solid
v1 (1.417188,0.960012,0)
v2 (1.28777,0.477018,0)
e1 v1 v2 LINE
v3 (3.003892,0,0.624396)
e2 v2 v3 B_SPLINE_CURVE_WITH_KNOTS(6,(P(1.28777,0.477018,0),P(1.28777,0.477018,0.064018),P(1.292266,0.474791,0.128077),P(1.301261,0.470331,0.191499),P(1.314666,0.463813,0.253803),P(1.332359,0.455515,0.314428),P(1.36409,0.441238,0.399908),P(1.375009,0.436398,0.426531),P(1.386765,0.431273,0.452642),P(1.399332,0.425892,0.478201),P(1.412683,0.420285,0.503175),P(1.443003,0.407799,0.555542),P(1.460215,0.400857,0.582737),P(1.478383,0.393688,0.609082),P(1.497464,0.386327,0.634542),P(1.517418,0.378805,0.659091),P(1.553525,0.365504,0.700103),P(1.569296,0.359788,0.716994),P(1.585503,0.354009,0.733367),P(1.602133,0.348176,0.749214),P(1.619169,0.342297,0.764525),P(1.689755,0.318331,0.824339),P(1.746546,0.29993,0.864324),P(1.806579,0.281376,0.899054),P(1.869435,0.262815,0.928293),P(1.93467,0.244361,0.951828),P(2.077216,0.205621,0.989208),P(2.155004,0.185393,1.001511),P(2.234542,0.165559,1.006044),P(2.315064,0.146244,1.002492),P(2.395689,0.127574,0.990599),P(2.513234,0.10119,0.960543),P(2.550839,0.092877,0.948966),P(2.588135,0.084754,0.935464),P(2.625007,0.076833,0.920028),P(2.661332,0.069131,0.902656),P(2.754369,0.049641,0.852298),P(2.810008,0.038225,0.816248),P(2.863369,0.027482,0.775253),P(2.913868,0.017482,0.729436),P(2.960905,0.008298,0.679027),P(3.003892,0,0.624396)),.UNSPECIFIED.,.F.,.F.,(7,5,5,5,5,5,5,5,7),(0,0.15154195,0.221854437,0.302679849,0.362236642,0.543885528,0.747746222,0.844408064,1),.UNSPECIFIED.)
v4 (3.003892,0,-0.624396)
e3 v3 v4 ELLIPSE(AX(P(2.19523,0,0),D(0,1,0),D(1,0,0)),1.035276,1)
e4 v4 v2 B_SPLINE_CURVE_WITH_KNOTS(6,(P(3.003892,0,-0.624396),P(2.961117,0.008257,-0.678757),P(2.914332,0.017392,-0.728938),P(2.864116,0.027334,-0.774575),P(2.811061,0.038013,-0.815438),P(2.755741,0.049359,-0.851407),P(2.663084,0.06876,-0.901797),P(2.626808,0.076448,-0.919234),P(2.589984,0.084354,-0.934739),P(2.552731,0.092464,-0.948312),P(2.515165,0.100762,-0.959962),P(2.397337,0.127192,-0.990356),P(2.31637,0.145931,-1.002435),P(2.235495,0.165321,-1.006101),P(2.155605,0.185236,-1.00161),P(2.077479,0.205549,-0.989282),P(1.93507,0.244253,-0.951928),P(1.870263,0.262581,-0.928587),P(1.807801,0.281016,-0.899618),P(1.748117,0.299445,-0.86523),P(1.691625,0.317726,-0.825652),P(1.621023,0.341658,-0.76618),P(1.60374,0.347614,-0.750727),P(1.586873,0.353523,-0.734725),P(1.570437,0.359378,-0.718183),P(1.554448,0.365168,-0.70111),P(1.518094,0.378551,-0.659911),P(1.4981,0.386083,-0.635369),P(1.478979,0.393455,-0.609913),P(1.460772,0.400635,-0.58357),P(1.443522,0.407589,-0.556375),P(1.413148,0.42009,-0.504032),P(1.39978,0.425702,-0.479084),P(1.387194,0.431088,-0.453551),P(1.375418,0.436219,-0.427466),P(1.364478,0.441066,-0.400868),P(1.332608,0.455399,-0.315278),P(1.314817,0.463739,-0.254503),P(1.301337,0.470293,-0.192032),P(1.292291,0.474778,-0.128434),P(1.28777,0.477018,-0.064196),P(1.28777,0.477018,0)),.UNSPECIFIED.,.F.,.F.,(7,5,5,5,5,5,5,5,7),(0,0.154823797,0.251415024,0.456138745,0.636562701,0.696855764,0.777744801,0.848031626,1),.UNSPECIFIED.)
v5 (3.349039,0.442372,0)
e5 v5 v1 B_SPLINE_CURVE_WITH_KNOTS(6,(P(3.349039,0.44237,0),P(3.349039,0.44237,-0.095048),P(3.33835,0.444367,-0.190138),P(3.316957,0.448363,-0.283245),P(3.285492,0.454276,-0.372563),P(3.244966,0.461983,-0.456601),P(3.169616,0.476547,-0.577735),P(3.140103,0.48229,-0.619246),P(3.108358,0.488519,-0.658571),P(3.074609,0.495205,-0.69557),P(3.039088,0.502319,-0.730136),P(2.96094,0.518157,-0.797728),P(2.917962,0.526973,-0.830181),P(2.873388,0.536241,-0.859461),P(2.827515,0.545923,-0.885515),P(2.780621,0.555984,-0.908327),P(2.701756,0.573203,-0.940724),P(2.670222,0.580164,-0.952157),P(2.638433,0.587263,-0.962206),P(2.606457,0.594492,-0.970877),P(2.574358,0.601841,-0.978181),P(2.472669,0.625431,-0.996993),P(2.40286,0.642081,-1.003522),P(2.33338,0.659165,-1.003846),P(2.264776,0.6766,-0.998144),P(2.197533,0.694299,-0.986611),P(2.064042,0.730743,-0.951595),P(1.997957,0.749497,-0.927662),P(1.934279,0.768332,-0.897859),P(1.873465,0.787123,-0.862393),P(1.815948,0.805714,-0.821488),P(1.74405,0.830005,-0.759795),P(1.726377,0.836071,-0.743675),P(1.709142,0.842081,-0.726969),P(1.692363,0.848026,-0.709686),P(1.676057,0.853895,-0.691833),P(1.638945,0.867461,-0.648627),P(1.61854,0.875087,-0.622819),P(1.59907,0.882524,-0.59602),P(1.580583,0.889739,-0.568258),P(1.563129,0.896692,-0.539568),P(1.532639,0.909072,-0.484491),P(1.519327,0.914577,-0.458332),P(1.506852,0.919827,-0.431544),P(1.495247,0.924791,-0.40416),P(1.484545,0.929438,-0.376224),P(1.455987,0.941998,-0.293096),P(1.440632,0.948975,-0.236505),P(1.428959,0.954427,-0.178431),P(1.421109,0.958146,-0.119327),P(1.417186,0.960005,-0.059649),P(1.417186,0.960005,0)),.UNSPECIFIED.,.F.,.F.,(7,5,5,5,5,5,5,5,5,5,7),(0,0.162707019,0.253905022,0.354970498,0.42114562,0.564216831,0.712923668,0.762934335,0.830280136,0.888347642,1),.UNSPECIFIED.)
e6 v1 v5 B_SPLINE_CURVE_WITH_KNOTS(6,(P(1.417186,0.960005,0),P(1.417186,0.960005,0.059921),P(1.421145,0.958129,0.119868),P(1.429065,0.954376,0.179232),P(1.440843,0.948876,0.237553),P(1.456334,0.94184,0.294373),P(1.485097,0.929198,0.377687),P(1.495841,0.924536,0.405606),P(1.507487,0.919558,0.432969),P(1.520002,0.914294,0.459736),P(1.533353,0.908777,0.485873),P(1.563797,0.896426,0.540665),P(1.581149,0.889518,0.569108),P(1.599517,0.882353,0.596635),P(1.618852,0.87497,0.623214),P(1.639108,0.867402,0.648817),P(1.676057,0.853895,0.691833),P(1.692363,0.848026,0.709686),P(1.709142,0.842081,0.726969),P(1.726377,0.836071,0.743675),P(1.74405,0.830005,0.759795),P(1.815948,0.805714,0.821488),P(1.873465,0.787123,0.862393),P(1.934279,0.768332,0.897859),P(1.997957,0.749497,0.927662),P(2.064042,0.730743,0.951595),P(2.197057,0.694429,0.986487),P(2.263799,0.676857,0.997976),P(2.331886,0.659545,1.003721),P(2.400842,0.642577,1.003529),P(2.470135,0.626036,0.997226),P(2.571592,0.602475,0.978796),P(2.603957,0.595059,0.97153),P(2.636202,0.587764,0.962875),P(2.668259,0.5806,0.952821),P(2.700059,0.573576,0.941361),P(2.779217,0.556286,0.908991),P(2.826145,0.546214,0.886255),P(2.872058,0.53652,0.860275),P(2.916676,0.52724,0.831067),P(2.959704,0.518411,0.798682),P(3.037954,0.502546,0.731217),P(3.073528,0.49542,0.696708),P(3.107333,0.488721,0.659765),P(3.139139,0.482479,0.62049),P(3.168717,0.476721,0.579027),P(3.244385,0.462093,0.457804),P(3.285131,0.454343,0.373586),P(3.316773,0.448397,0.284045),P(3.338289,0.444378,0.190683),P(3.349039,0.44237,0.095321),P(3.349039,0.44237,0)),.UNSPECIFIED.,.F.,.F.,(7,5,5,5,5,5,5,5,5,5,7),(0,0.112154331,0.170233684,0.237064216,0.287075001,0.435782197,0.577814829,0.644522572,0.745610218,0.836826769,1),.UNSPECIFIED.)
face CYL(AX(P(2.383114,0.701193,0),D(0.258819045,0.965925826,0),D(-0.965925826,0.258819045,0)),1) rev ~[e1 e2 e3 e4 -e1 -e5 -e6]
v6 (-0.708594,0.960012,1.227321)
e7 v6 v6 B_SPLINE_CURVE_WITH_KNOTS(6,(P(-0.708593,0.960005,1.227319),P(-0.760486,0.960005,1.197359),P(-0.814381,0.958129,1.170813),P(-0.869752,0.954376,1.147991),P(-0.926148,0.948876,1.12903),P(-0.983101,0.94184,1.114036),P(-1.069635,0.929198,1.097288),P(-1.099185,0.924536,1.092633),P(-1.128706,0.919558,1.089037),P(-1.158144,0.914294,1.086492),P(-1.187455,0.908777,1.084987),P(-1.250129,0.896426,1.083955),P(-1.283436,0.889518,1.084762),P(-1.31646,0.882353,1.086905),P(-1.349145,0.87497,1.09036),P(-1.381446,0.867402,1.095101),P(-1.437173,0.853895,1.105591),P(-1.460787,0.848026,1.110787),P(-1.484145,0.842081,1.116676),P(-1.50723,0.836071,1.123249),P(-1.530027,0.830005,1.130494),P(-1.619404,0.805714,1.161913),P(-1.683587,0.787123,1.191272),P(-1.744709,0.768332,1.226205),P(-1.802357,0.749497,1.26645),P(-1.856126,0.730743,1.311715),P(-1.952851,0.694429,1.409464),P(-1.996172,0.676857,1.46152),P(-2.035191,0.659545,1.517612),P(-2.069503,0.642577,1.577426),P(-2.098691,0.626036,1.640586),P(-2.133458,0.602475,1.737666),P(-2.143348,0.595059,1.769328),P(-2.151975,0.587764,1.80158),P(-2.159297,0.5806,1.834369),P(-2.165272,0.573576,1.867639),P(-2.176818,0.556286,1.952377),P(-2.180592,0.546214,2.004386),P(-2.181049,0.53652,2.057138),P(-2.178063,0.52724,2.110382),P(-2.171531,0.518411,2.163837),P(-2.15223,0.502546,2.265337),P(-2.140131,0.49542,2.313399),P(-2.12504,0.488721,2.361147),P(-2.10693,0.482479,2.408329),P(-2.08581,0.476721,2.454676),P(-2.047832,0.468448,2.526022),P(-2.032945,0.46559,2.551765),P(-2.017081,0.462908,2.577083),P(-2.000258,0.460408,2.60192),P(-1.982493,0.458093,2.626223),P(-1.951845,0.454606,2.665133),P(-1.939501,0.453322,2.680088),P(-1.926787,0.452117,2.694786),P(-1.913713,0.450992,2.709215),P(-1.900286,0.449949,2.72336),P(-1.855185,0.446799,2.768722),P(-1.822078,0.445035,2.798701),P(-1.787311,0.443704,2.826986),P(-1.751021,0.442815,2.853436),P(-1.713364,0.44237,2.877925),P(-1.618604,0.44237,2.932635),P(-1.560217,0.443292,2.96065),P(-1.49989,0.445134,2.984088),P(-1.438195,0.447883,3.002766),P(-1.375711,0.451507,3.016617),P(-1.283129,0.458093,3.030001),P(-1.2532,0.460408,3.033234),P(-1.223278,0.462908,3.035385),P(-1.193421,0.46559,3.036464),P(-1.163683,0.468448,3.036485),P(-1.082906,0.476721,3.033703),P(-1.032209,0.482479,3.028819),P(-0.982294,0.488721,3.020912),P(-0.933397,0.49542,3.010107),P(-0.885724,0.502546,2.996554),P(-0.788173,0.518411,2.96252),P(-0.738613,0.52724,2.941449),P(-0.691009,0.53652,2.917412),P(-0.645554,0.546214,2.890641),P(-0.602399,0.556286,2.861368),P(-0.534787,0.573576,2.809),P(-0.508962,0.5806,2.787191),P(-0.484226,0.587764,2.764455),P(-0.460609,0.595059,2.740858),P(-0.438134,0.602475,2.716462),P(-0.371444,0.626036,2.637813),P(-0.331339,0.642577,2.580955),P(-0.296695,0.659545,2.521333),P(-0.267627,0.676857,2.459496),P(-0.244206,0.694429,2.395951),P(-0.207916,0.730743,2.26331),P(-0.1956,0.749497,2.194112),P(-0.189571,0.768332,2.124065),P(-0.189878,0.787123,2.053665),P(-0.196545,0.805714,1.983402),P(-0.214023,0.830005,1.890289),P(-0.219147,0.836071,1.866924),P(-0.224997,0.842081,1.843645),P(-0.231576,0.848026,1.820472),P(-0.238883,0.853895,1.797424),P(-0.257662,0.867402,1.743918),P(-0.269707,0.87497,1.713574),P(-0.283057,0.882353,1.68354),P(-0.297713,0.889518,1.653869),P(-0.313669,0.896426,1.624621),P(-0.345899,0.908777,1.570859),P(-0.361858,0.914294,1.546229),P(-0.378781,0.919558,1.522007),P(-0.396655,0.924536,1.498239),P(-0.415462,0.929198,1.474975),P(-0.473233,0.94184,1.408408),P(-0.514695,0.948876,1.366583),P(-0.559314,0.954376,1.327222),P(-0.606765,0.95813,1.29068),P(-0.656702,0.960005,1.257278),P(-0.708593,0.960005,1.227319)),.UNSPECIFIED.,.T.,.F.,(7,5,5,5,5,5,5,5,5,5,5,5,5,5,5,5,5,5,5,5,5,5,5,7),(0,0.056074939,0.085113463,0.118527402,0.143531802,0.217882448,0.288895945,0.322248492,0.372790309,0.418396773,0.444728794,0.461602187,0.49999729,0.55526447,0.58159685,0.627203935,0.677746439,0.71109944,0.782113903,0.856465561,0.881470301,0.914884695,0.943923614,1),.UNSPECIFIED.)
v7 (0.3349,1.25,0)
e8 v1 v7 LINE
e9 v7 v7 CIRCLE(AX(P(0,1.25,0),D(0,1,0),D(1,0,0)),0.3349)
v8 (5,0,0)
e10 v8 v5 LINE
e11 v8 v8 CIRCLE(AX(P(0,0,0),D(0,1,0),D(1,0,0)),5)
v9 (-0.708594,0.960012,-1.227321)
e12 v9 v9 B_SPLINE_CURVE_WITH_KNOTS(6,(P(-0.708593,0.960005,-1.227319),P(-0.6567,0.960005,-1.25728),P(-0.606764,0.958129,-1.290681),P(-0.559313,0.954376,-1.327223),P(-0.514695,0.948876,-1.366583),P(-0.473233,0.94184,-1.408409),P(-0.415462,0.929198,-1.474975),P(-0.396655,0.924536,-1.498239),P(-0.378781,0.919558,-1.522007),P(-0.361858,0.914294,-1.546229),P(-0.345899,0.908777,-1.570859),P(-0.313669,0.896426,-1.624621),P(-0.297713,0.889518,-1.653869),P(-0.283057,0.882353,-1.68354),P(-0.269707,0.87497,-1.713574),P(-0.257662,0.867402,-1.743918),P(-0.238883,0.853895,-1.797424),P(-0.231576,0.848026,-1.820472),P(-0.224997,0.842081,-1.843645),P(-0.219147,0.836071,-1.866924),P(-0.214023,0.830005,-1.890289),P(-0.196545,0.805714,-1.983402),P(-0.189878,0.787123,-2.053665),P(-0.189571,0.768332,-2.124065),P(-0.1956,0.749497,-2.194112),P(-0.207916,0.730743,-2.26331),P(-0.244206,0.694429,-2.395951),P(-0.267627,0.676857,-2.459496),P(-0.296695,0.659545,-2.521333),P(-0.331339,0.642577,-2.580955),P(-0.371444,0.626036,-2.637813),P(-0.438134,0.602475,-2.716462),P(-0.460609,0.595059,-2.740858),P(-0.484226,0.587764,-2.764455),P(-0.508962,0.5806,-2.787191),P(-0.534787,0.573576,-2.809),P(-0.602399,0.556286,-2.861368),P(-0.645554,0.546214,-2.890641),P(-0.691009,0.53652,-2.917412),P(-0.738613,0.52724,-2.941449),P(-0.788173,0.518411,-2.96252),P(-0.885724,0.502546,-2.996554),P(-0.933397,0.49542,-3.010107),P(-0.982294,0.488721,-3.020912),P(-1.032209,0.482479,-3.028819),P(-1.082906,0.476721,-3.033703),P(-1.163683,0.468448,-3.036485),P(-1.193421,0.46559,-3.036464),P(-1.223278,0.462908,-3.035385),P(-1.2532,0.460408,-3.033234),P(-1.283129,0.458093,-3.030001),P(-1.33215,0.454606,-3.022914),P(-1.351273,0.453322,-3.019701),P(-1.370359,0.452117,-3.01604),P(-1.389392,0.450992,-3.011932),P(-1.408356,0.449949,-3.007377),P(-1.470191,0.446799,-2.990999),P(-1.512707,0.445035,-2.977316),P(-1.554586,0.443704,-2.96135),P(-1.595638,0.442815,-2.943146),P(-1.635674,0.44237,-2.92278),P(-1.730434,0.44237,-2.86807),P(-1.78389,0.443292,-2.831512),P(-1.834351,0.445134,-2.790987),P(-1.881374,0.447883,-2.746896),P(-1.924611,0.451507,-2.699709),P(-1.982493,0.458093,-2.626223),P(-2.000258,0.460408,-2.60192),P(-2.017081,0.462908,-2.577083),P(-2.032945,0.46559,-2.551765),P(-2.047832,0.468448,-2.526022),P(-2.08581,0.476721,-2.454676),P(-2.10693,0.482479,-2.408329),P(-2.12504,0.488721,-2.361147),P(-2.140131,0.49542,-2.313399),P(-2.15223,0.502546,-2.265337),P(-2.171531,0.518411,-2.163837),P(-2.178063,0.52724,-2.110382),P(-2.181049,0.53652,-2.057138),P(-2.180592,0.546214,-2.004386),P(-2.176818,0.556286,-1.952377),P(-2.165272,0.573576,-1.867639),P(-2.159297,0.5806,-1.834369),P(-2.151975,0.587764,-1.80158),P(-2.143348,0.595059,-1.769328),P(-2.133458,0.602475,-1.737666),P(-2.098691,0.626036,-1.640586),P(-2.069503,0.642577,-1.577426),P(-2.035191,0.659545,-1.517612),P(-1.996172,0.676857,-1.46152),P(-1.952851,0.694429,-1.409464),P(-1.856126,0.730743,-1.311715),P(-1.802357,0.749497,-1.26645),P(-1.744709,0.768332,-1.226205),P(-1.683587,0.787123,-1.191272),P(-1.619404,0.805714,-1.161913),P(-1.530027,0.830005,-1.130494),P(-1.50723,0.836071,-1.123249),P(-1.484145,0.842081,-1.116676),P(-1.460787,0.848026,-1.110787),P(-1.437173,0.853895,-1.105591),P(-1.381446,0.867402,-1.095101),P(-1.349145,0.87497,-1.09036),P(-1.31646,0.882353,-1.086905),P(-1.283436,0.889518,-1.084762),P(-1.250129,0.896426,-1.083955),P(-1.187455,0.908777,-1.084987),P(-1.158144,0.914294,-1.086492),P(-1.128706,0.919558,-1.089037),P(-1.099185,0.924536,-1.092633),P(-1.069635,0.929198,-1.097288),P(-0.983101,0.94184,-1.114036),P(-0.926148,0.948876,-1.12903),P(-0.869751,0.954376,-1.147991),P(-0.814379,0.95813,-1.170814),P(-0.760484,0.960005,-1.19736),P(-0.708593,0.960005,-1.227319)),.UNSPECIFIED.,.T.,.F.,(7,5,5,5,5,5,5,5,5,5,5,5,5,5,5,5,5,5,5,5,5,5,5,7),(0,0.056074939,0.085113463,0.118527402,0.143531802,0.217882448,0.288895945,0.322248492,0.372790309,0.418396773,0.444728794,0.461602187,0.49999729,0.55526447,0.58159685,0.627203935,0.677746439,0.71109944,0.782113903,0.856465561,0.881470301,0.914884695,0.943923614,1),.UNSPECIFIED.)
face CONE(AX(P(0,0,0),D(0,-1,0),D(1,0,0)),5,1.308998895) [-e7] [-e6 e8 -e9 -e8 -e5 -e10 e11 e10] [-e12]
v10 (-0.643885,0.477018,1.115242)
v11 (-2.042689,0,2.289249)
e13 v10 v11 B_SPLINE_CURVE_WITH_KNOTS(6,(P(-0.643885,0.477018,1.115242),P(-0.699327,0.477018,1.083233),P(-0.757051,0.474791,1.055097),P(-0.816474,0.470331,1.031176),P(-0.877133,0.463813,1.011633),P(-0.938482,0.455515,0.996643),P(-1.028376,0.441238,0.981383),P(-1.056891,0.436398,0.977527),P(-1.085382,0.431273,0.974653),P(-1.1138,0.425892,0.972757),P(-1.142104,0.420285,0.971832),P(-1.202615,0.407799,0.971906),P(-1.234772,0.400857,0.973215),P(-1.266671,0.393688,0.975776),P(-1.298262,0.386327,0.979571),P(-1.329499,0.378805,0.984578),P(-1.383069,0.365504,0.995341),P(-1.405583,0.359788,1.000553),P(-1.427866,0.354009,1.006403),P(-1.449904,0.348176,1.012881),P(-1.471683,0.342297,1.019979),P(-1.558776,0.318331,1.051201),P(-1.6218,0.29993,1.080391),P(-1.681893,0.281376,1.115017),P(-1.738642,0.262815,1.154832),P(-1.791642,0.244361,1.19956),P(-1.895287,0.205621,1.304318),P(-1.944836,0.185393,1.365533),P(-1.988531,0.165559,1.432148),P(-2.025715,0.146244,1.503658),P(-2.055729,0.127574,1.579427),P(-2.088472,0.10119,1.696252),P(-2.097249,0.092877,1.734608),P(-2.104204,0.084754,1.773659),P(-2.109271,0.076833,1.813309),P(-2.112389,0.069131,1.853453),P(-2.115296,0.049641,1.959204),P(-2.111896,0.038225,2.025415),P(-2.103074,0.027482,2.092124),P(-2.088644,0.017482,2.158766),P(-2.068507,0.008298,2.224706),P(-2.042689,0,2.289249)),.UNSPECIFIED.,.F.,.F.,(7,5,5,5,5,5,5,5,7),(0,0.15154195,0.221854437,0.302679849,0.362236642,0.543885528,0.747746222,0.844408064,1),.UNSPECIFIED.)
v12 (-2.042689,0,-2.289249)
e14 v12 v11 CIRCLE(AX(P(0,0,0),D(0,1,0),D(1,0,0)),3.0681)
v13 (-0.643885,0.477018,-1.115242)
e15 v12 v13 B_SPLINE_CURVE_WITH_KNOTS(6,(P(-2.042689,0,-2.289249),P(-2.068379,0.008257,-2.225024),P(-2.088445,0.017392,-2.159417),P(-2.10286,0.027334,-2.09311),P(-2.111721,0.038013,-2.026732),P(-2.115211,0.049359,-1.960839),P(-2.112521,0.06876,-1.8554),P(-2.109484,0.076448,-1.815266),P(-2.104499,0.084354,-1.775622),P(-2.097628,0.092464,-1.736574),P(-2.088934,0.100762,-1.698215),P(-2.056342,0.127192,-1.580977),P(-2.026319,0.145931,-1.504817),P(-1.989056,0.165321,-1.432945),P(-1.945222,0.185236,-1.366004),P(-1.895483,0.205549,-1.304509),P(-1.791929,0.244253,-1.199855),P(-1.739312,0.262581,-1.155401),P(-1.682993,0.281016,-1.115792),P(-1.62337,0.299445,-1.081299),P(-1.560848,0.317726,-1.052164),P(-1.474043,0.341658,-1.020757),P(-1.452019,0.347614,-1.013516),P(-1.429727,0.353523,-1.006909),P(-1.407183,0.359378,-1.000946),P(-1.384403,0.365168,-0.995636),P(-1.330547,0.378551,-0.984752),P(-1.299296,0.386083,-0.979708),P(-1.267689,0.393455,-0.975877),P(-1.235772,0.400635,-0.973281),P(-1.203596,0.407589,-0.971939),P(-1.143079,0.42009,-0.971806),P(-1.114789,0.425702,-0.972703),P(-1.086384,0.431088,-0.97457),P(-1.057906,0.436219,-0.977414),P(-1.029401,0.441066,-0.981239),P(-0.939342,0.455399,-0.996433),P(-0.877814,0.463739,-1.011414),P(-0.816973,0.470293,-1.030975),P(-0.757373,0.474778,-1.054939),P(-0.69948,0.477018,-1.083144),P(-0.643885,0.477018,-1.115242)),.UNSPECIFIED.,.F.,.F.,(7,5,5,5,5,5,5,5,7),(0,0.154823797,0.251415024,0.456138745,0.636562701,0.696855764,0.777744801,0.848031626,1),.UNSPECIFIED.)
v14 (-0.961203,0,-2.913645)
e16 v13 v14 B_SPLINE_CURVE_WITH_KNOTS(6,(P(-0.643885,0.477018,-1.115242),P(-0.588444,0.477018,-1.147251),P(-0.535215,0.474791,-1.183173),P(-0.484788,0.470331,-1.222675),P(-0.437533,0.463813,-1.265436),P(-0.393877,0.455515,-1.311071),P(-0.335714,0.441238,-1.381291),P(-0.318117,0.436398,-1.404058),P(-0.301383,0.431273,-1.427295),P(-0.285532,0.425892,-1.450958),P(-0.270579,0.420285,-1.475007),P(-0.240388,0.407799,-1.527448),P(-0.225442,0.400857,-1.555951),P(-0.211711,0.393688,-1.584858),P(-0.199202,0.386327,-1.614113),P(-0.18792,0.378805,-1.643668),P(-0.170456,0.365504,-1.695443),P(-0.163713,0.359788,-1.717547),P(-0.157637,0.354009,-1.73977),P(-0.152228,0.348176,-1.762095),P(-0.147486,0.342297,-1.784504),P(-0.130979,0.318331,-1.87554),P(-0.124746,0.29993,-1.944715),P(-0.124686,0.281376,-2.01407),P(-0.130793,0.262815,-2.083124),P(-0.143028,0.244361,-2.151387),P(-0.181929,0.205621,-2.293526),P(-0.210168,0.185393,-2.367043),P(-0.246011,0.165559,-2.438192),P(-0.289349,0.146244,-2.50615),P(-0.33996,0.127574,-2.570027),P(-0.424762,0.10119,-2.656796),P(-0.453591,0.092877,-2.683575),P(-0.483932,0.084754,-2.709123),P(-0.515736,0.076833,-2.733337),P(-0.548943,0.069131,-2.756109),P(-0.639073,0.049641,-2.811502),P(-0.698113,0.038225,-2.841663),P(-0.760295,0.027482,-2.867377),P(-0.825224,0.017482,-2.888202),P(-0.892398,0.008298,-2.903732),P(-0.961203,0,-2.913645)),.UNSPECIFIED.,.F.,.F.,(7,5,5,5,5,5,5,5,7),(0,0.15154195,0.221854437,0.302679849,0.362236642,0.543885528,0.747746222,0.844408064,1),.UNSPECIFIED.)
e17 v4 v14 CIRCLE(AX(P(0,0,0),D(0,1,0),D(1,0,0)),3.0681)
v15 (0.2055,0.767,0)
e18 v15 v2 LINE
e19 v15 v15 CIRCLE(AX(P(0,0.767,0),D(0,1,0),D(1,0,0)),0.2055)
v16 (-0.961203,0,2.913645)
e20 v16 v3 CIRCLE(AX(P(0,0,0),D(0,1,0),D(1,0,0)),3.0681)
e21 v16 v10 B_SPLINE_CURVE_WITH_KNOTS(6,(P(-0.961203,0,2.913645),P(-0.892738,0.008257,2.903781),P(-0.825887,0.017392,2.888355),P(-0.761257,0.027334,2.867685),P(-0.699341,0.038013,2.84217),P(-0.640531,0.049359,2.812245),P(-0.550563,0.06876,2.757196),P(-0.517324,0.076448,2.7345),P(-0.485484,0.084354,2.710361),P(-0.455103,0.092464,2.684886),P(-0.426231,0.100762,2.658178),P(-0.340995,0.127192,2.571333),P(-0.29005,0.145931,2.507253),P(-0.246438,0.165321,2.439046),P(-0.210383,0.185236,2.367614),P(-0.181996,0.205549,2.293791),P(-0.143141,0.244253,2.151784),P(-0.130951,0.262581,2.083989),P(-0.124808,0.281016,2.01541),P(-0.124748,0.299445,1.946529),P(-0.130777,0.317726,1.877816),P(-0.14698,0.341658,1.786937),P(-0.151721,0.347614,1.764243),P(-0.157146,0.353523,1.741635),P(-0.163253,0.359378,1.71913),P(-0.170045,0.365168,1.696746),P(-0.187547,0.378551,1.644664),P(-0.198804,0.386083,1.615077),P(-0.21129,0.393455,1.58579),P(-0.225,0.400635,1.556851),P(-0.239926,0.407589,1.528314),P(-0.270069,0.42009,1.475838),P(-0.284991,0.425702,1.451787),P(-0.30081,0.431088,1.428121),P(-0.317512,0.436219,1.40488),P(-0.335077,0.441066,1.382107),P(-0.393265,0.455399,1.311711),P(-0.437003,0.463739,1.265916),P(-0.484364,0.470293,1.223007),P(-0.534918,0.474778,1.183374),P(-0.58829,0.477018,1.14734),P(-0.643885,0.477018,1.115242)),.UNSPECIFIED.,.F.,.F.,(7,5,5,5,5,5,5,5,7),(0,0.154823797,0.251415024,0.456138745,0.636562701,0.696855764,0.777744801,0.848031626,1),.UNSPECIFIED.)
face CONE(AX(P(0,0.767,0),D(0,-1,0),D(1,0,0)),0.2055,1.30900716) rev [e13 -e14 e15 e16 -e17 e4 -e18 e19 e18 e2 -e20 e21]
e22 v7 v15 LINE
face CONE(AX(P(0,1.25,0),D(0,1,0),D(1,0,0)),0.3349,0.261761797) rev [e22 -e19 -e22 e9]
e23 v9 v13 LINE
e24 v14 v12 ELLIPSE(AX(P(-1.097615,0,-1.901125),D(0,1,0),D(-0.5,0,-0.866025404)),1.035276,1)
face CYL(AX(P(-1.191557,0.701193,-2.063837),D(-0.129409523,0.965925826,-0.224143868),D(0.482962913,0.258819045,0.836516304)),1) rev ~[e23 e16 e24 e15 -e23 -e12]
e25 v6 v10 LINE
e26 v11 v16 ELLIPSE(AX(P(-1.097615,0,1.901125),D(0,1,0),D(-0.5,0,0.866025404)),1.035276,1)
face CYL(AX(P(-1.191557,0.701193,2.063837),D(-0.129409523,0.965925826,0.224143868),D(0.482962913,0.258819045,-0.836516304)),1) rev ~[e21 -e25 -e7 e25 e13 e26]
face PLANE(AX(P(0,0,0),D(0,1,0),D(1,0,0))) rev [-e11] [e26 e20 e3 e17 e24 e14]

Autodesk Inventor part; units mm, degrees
ref_plane "YZ Plane" through (0, 0, 0) normal (1, 0, 0) x (0, 1, 0)
ref_plane "XZ Plane" through (0, 0, 0) normal (0, 1, 0) x (-1, 0, 0)
sketch "Sketch1" plane through (0, 0, 0) normal (0, 0, 1) x (1, 0, 0)
  line L0 (0, -0.2679) -> (0, 1.6077) projected
  line L1 (3.0681, 0) -> (5, 0)
  line L2 (5, 0) -> (0.3349, 1.25)
  line L3 (0, 1.3397) -> (0, 0)
  line L4 (0, 0) -> (0.3349, 1.25) construction
  line L5 (0, 0) -> (1.2941, 0) construction
  line L6 (0.3349, 1.25) -> (0.2055, 0.767)
  line L7 (0.2055, 0.767) -> (3.0681, 0)
  dimension "d2" = 5
  dimension "d3" = 15
  dimension "d4" = 75
  dimension "d16" = 0.5
revolve "Revolution1" add sketch "Sketch1" angle 360 about axis through (0, -10, 0) along (0, 1, 0)
ref_plane "Work Plane2" through (5, 0, 0) normal (0.2588, 0.9659, 0) x (-0.9659, 0.2588, 0)
sketch "Sketch5" plane through (5, 0, 0) normal (0.2588, 0.9659, 0) x (-0.9659, 0.2588, 0)
  circle A0 centre (2.7092, 0) radius 1
  point P0 (4.8296, 0)
  dimension "d18" = 2
extrude "Extrusion2" cut sketch "Sketch5" against normal through all
pattern_circular "Circular Pattern3" count 3 over 360 about axis through (0, -10, 0) along (0, 1, 0) of "Extrusion2"
properties part number "Splitter"
